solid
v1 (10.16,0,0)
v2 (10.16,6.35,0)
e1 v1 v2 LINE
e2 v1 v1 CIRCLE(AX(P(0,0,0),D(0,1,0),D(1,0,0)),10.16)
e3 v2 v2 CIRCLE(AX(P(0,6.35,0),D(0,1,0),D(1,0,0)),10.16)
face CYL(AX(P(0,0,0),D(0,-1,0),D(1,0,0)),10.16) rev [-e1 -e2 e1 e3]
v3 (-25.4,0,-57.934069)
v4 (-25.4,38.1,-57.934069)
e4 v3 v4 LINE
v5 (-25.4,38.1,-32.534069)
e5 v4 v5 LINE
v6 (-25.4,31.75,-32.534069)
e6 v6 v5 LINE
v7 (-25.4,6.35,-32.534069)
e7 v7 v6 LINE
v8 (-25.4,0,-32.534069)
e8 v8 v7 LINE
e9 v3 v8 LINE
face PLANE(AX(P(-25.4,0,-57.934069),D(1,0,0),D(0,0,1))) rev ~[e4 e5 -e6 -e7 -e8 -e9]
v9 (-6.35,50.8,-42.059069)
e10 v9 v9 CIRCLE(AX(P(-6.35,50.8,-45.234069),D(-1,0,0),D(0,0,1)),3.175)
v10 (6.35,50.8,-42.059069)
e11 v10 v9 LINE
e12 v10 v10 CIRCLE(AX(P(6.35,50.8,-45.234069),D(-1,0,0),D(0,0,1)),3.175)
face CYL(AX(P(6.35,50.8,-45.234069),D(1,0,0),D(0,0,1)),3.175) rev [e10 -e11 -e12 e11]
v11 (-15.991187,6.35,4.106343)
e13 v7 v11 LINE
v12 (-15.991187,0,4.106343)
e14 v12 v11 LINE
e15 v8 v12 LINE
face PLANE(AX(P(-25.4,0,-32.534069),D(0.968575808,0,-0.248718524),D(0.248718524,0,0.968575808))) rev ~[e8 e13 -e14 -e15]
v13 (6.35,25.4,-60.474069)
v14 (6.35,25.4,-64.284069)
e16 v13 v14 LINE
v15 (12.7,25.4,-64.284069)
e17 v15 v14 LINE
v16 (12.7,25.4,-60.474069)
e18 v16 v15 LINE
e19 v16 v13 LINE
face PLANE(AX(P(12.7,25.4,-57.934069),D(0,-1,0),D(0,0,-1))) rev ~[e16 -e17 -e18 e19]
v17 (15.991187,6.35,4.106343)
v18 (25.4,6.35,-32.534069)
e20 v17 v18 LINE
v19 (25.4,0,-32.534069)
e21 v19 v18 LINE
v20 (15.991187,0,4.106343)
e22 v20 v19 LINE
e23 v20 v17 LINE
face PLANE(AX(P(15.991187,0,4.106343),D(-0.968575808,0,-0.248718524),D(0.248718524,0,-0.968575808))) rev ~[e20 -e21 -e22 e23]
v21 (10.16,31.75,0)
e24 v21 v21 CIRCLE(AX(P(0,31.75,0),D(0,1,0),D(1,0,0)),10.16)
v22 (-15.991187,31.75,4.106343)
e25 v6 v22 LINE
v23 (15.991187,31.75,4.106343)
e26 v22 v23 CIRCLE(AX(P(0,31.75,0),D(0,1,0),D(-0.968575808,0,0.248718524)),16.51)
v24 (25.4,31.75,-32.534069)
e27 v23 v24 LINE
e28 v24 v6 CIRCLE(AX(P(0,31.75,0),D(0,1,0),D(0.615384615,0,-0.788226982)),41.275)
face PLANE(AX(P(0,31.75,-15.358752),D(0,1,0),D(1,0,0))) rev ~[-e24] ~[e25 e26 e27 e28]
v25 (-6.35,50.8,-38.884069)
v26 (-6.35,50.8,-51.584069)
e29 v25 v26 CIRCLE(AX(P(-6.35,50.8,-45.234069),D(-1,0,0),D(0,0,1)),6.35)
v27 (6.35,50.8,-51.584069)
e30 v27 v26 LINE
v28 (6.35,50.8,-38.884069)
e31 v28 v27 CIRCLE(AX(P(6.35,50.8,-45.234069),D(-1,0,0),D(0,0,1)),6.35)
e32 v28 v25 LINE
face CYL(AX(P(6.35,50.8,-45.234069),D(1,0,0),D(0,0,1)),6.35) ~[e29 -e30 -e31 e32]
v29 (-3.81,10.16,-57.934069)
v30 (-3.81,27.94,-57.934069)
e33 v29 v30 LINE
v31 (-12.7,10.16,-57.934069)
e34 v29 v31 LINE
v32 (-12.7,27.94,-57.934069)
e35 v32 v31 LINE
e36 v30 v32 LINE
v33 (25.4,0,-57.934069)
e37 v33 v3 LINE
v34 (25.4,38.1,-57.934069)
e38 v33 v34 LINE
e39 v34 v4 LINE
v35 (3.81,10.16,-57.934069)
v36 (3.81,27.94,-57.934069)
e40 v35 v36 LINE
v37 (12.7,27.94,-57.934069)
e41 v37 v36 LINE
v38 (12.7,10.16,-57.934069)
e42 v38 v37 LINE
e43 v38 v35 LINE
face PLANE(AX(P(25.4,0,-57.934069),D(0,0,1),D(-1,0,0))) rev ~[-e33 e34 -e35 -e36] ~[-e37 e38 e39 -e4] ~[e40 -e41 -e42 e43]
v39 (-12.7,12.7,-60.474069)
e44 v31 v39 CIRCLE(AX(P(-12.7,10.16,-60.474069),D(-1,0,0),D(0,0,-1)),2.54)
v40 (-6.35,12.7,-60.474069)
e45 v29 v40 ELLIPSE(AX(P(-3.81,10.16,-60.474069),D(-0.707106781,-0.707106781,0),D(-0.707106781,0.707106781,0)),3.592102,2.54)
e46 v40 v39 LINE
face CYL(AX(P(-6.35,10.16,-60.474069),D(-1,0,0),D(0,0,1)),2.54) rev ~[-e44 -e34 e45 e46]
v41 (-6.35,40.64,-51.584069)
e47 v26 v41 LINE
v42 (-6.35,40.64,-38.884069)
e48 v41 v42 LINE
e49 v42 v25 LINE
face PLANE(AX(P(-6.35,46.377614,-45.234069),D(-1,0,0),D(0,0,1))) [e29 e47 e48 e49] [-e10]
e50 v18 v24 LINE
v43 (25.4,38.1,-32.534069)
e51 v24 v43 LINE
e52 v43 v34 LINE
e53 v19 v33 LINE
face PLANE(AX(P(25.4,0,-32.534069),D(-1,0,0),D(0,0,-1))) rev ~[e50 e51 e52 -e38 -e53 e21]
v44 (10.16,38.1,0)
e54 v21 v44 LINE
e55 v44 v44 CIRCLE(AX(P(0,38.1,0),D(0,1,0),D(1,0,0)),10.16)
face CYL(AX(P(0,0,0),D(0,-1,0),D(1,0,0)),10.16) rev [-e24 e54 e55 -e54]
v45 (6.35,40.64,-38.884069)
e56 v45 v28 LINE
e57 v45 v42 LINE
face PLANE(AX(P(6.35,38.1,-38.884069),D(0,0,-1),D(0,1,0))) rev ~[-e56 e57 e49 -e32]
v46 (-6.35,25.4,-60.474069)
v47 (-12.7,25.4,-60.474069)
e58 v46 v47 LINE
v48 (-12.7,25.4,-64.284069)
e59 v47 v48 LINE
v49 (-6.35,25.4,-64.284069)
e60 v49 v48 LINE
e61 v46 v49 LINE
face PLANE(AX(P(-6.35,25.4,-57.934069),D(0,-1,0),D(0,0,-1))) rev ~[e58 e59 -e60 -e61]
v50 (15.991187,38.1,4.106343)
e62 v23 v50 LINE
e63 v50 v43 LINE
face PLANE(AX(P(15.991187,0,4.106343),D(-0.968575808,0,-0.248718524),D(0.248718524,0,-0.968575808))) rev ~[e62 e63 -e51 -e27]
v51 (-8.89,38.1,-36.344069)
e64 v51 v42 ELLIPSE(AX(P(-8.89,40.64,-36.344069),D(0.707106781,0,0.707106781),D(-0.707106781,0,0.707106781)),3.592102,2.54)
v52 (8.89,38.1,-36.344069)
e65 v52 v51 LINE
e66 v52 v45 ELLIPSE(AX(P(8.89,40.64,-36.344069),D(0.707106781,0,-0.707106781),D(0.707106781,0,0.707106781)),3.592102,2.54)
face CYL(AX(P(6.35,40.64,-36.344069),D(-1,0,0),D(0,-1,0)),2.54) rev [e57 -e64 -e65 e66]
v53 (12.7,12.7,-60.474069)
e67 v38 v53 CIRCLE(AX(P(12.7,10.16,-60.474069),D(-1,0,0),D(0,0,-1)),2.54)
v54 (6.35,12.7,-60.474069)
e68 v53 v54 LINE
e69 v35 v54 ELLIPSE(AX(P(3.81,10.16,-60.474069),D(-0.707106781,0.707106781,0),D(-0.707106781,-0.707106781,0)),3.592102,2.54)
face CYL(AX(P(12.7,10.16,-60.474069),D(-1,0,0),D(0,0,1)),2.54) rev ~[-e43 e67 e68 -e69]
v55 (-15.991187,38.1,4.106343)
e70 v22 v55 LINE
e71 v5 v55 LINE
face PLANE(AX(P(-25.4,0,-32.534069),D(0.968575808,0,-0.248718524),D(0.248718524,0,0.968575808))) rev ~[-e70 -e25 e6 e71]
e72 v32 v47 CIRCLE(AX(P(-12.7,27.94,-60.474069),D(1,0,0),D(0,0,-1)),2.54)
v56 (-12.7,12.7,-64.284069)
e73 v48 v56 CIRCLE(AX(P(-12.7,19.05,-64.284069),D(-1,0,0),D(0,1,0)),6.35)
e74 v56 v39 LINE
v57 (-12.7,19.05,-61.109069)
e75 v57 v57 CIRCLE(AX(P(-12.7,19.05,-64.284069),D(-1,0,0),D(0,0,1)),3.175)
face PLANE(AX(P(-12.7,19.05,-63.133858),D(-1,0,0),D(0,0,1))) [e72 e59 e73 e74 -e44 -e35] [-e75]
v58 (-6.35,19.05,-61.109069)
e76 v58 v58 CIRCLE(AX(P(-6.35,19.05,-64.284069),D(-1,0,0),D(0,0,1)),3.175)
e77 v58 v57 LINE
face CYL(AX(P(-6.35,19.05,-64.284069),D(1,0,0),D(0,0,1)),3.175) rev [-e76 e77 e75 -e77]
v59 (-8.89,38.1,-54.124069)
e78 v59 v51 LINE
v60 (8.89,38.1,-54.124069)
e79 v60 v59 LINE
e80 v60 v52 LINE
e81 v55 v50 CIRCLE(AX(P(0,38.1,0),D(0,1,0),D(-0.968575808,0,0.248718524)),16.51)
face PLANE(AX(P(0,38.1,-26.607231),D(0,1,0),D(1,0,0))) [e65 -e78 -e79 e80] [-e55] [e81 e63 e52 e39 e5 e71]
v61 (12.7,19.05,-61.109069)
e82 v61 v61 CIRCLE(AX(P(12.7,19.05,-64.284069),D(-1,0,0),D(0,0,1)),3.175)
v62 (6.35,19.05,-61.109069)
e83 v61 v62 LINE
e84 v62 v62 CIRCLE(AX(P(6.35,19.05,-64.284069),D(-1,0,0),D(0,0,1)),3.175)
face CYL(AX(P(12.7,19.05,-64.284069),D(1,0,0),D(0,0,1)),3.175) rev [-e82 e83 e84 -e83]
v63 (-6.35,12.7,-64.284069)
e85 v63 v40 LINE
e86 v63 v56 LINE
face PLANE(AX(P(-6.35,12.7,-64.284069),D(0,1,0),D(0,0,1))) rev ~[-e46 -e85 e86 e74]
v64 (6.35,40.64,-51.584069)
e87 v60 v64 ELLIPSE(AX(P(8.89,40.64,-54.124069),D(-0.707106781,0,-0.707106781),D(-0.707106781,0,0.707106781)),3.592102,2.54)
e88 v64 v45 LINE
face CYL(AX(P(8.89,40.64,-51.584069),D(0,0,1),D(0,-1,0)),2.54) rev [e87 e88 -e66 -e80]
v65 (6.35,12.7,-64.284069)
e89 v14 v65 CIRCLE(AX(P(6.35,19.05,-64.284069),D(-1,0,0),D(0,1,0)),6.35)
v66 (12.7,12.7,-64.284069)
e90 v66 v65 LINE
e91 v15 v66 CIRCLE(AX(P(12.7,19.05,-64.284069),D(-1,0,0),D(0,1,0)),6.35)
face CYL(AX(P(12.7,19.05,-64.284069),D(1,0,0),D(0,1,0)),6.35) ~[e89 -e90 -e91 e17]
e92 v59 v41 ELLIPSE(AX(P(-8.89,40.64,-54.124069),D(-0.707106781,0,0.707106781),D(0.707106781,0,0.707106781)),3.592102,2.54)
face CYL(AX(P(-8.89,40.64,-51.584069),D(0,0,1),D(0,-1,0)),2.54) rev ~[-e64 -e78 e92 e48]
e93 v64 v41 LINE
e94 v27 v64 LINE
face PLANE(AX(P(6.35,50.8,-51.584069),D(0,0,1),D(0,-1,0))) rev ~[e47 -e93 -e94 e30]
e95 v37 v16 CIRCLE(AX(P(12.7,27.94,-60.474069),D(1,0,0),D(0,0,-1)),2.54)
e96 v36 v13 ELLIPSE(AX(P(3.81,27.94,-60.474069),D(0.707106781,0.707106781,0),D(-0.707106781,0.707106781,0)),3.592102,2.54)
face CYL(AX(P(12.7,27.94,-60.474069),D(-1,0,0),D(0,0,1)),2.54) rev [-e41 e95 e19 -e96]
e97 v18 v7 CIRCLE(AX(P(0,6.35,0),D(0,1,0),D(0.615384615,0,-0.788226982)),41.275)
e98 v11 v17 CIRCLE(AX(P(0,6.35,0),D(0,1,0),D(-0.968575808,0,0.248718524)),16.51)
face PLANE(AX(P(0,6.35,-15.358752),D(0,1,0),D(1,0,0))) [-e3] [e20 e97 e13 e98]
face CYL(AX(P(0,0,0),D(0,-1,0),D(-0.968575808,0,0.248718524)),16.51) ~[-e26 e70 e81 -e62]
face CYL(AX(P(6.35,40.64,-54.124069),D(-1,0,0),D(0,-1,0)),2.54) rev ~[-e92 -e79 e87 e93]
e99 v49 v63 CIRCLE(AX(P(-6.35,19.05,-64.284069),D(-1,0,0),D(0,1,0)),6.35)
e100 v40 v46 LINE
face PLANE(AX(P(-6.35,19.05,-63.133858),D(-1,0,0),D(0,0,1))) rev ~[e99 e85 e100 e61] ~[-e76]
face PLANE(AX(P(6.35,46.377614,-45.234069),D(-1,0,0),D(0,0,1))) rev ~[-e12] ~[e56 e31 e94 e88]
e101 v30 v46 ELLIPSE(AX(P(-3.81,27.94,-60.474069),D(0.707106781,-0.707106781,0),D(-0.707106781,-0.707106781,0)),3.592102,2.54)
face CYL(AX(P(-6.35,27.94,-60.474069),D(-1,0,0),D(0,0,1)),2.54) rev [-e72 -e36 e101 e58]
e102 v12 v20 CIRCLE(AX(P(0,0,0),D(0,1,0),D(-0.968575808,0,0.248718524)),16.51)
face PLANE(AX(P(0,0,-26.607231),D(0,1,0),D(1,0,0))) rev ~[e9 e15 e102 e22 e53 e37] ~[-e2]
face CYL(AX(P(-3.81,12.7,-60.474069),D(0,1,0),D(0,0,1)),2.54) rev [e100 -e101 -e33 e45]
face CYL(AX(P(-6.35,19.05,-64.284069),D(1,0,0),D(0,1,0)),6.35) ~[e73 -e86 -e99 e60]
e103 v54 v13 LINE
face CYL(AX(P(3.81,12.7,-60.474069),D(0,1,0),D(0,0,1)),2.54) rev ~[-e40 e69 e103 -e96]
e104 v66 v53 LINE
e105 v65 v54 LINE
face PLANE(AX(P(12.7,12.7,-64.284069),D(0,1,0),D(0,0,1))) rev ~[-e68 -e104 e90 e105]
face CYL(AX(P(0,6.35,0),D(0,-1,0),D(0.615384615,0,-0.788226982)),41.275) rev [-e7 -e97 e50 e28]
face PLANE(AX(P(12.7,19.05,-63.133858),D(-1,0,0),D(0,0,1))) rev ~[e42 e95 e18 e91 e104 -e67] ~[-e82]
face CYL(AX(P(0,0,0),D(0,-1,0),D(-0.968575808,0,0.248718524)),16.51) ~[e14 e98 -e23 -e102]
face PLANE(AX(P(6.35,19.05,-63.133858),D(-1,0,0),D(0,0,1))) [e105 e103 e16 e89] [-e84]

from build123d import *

# Parameters (mm, degrees)
SKETCH1_R                = 10.16
BOSS_EXTRUDE1_DEPTH      = 38.1
CUT_EXTRUDE1_START       = 6.35
SKETCH1_3_R              = 10.16
CUT_EXTRUDE1_DEPTH       = 25.4
BOSS_EXTRUDE2_DEPTH      = 6.35
BOSS_EXTRUDE2_DEPTH_BACK = 6.35
SKETCH3_R                = 3.175
BOSS_EXTRUDE3_START      = 6.35
SKETCH4_R                = 3.175
BOSS_EXTRUDE3_DEPTH      = 6.35
BOSS_EXTRUDE4_START      = -12.7
SKETCH4_3_R              = 3.175
BOSS_EXTRUDE4_DEPTH      = 6.35
FILLET1_R                = 2.54


with BuildPart() as part:
    # Sketch1 → Boss-Extrude1 (new body)
    with BuildSketch(Plane(origin=(0, 0, 0), x_dir=(1, 0, 0), z_dir=(0, 1, 0))):
        with BuildLine():
            Line((15.991186592, -4.106342823), (25.4, 32.534068682))
            Line((25.4, 32.534068682), (25.4, 57.934068682))
            Line((25.4, 57.934068682), (-25.4, 57.934068682))
            Line((-25.4, 57.934068682), (-25.4, 32.534068682))
            Line((-25.4, 32.534068682), (-15.991186592, -4.106342823))
            ThreePointArc((-15.991186592, -4.106342823), (0, -16.51), (15.991186592, -4.106342823))
        make_face()
        Circle(SKETCH1_R, mode=Mode.SUBTRACT)
    extrude(amount=BOSS_EXTRUDE1_DEPTH)

    # Sketch1<3> → Cut-Extrude1 (cut)
    with BuildSketch(Plane(origin=(0, 0, 0), x_dir=(1, 0, 0), z_dir=(0, 1, 0)).offset(CUT_EXTRUDE1_START)):
        with BuildLine():
            Line((15.991186592, -4.106342823), (25.4, 32.534068682))
            ThreePointArc((25.4, 32.534068682), (0, 41.275), (-25.4, 32.534068682))
            Line((-25.4, 32.534068682), (-15.991186592, -4.106342823))
            ThreePointArc((-15.991186592, -4.106342823), (0, -16.51), (15.991186592, -4.106342823))
        make_face()
        Circle(SKETCH1_3_R, mode=Mode.SUBTRACT)
    extrude(amount=CUT_EXTRUDE1_DEPTH, mode=Mode.SUBTRACT)

    # Sketch3 → Boss-Extrude2 (add, two sides: drawn at the far end of the back side and taken through both)
    with BuildSketch(Plane.ZY.offset(-BOSS_EXTRUDE2_DEPTH_BACK)):
        with BuildLine():
            Line((-51.584068682, 38.1), (-38.884068682, 38.1))
            Line((-38.884068682, 38.1), (-38.884068682, 50.8))
            ThreePointArc((-38.884068682, 50.8), (-45.234068682, 57.15), (-51.584068682, 50.8))
            Line((-51.584068682, 50.8), (-51.584068682, 38.1))
        make_face()
        with Locations((-45.234068682, 50.8)):
            Circle(SKETCH3_R, mode=Mode.SUBTRACT)
    extrude(amount=BOSS_EXTRUDE2_DEPTH + BOSS_EXTRUDE2_DEPTH_BACK)

    # Sketch4 → Boss-Extrude3 (add)
    with BuildSketch(Plane.ZY.offset(BOSS_EXTRUDE3_START)):
        with BuildLine():
            Line((-57.934068682, 12.7), (-57.934068682, 25.4))
            Line((-57.934068682, 25.4), (-64.284068682, 25.4))
            ThreePointArc((-64.284068682, 25.4), (-70.634068682, 19.05), (-64.284068682, 12.7))
            Line((-64.284068682, 12.7), (-57.934068682, 12.7))
        make_face()
        with Locations((-64.284068682, 19.05)):
            Circle(SKETCH4_R, mode=Mode.SUBTRACT)
    extrude(amount=BOSS_EXTRUDE3_DEPTH)

    # Sketch4<3> → Boss-Extrude4 (add)
    with BuildSketch(Plane.ZY.offset(BOSS_EXTRUDE4_START)):
        with BuildLine():
            Line((-57.934068682, 12.7), (-57.934068682, 25.4))
            Line((-57.934068682, 25.4), (-64.284068682, 25.4))
            ThreePointArc((-64.284068682, 25.4), (-70.634068682, 19.05), (-64.284068682, 12.7))
            Line((-64.284068682, 12.7), (-57.934068682, 12.7))
        make_face()
        with Locations((-64.284068682, 19.05)):
            Circle(SKETCH4_3_R, mode=Mode.SUBTRACT)
    extrude(amount=BOSS_EXTRUDE4_DEPTH)

    # Fillet1
    fillet1_edges = [part.edges().sort_by_distance(p)[0] for p in [
        (9.525, 12.7, -57.934068682),
        (9.525, 25.4, -57.934068682),
        (-9.525, 12.7, -57.934068682),
        (-9.525, 25.4, -57.934068682),
        (6.35, 38.1, -45.234068682),
        (-6.35, 38.1, -45.234068682),
        (0, 38.1, -38.884068682),
        (0, 38.1, -51.584068682),
        (-6.35, 19.05, -57.934068682),
        (6.35, 19.05, -57.934068682),
    ]]
    fillet(fillet1_edges, radius=FILLET1_R)


solid = part.part
